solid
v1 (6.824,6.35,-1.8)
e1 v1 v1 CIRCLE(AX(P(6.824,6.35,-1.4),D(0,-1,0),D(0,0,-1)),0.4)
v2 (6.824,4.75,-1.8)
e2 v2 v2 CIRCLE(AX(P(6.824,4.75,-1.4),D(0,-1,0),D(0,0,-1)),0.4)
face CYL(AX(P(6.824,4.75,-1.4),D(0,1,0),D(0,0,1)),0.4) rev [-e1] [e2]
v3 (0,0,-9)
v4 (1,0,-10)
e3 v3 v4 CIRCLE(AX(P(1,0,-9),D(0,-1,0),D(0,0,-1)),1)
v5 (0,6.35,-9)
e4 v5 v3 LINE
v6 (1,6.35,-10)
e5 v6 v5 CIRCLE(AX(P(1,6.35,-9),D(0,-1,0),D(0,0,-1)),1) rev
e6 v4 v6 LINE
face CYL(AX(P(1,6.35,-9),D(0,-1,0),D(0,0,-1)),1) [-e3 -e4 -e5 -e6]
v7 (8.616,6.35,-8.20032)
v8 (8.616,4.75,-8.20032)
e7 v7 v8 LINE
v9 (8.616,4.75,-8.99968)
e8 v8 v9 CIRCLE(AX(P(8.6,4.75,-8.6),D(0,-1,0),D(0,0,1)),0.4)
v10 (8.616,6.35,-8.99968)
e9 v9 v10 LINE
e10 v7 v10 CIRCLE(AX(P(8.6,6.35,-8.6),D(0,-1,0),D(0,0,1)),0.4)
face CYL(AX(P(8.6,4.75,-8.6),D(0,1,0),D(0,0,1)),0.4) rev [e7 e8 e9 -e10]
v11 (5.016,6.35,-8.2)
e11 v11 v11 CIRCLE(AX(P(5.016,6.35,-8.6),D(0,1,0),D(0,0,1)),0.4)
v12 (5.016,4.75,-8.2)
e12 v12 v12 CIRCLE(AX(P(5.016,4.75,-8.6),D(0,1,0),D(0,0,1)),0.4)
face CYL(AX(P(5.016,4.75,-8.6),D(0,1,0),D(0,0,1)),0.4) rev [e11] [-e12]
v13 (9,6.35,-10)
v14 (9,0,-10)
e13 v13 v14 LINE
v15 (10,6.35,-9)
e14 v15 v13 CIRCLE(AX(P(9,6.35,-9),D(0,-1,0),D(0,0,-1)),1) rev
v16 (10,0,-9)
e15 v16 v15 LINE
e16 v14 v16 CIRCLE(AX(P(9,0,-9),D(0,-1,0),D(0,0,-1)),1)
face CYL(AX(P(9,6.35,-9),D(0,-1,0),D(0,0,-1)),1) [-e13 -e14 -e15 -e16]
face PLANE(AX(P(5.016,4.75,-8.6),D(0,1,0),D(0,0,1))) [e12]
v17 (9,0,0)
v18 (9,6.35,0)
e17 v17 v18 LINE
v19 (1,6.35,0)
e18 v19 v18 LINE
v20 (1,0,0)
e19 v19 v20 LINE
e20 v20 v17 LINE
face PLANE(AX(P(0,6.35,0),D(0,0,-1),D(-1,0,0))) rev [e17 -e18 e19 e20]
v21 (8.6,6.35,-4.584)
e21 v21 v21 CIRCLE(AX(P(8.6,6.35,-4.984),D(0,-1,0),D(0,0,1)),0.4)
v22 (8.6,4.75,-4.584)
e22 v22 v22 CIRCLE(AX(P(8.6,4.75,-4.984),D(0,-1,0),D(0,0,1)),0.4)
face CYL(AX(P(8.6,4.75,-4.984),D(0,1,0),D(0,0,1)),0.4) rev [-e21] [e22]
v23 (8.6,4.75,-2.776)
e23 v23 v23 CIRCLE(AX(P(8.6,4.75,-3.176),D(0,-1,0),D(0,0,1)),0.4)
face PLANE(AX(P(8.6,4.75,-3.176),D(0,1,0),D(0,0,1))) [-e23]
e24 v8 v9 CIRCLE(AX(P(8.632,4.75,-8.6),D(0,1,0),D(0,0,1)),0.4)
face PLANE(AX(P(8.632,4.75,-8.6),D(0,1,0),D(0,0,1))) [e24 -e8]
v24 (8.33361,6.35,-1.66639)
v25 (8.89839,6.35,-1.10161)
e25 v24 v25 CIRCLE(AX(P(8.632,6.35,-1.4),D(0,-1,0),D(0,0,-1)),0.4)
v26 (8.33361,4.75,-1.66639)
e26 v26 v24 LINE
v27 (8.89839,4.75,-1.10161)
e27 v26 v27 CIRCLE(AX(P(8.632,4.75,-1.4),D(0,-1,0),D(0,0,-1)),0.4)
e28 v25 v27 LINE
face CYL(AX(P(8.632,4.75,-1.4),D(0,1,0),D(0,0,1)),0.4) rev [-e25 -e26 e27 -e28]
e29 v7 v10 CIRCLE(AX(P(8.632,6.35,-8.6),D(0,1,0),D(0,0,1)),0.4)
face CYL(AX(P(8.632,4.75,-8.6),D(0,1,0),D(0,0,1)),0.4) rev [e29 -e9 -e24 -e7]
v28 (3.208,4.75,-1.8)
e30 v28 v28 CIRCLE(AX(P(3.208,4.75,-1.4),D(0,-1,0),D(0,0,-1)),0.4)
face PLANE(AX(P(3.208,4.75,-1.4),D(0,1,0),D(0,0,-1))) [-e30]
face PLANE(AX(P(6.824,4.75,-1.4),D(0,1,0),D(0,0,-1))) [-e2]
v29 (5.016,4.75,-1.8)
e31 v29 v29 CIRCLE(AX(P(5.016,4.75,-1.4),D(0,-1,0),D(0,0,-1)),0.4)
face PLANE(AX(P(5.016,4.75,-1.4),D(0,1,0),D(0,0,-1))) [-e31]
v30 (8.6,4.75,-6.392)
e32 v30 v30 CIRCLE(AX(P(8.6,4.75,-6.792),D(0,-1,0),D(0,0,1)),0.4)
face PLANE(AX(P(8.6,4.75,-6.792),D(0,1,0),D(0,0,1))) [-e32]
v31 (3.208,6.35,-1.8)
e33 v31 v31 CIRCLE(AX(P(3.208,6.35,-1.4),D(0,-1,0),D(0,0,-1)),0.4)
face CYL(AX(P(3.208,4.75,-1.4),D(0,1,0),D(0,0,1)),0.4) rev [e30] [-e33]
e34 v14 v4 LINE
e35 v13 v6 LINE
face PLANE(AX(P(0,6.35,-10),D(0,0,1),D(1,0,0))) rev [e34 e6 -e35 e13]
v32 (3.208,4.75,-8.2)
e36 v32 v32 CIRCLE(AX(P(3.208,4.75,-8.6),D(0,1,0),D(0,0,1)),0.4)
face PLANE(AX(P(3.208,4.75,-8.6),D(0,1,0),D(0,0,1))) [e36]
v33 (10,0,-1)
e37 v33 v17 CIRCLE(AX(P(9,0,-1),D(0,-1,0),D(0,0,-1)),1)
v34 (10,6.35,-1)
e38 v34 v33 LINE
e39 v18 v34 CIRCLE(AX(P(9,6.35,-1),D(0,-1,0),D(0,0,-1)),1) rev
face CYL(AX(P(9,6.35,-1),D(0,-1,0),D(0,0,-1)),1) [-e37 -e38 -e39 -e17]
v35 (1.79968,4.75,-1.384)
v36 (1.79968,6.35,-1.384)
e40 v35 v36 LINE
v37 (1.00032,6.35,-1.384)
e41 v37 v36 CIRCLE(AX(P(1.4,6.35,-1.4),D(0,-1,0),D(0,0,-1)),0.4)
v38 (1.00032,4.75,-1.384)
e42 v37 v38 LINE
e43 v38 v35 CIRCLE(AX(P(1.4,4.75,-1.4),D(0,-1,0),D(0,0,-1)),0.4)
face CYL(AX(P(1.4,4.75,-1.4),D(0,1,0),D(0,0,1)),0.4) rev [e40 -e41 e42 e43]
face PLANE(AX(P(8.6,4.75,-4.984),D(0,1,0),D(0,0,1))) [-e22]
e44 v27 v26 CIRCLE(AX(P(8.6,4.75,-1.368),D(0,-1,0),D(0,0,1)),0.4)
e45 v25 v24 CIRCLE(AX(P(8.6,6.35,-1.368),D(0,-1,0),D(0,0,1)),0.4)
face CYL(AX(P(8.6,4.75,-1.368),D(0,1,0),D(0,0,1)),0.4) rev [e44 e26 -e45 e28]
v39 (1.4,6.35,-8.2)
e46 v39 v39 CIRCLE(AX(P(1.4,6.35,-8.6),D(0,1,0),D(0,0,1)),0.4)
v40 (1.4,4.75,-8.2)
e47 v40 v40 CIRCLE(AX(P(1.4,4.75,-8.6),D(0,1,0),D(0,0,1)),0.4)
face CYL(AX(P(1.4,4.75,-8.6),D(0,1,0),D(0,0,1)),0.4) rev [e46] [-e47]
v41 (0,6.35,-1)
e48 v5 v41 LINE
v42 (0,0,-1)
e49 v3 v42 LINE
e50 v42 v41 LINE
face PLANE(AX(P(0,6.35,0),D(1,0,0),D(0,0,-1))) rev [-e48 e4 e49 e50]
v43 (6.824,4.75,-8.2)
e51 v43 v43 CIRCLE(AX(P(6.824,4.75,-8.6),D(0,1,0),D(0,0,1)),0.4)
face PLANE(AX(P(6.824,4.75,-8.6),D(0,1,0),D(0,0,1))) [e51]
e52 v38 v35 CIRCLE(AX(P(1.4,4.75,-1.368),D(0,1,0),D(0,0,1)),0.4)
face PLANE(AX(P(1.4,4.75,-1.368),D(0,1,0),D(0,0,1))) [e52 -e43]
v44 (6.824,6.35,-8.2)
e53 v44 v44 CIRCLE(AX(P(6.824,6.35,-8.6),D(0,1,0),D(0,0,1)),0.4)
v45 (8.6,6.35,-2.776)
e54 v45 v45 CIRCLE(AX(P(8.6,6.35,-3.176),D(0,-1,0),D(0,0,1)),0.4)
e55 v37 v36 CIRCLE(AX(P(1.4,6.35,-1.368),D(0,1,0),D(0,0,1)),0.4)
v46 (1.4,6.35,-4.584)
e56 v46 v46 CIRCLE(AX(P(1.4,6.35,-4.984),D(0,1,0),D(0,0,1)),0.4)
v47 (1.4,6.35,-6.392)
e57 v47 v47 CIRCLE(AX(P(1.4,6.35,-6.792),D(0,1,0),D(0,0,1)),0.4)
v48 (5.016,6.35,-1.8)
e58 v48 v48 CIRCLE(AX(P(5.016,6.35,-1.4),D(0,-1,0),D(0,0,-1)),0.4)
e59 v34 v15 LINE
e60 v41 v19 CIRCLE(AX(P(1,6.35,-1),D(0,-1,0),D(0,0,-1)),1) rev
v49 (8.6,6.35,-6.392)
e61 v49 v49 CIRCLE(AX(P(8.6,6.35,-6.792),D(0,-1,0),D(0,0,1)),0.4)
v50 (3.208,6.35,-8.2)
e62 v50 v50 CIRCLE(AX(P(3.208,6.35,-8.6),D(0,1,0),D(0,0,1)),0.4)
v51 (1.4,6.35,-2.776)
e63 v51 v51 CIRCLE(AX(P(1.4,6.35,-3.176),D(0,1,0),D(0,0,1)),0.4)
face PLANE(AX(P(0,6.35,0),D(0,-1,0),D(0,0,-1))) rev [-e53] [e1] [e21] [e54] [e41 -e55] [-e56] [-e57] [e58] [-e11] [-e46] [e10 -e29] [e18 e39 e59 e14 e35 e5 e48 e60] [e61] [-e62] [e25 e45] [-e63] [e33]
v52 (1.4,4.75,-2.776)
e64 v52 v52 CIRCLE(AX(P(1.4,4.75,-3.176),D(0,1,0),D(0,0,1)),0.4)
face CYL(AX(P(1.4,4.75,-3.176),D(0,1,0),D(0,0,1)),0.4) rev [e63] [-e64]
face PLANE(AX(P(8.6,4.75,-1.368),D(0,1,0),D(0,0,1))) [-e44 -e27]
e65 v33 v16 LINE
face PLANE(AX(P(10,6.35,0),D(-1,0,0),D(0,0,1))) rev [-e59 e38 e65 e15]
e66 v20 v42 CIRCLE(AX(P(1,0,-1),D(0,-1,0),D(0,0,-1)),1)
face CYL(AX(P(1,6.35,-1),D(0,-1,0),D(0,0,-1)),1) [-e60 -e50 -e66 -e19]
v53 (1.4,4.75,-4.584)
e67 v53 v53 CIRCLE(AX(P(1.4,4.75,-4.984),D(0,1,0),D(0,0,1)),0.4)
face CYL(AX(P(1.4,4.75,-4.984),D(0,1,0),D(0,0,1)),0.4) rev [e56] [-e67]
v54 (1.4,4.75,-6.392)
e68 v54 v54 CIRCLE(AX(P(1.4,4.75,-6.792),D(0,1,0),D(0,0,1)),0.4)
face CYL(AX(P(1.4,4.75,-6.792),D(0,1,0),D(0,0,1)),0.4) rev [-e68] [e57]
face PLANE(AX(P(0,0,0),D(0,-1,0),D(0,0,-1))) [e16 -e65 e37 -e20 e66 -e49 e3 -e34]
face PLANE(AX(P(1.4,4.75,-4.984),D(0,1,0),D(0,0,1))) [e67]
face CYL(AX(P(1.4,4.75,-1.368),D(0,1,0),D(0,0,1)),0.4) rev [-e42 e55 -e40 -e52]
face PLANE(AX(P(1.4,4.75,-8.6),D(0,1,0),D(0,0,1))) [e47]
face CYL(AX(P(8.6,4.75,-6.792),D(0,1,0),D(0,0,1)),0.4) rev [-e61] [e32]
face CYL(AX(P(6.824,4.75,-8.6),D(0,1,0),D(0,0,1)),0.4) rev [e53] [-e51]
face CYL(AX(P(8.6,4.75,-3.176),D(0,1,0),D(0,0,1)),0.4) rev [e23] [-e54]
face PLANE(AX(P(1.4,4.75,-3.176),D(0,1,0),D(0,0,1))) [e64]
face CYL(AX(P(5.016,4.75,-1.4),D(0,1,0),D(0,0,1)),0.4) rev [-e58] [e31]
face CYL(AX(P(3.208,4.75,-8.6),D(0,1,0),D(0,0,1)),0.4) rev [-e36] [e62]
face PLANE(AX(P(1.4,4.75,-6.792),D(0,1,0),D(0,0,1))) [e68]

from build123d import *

# Parameters (mm, degrees)
SKETCH1_W               = 10
SKETCH1_H               = 10
BOSS_EXTRUDE1_DEPTH     = 6.35
FILLET1_R               = 1
SKETCH2_R               = 0.4
CUT_EXTRUDE1_DEPTH      = 1.6
LPATTERN1_COUNT         = 5
LPATTERN1_PITCH         = 1.808
LPATTERN2_COUNT         = 5
LPATTERN2_PITCH         = 1.808
MIRROR2_COPY_1_SKETCH_R = 0.4
MIRROR2_COPY_1_DEPTH    = 1.6
MIRROR2_COPY_2_SKETCH_R = 0.4
MIRROR2_COPY_2_DEPTH    = 1.6
MIRROR2_COPY_3_SKETCH_R = 0.4
MIRROR2_COPY_3_DEPTH    = 1.6
MIRROR2_COPY_4_SKETCH_R = 0.4
MIRROR2_COPY_4_DEPTH    = 1.6
MIRROR3_COPY_1_SKETCH_R = 0.4
MIRROR3_COPY_1_DEPTH    = 1.6
MIRROR3_COPY_2_SKETCH_R = 0.4
MIRROR3_COPY_2_DEPTH    = 1.6
MIRROR3_COPY_3_SKETCH_R = 0.4
MIRROR3_COPY_3_DEPTH    = 1.6
MIRROR3_COPY_4_SKETCH_R = 0.4
MIRROR3_COPY_4_DEPTH    = 1.6


with BuildPart() as part:
    # Sketch1 → Boss-Extrude1 (new body)
    with BuildSketch(Plane(origin=(0, 0, 0), x_dir=(1, 0, 0), z_dir=(0, 1, 0))):
        with Locations((5, 5)):
            Rectangle(SKETCH1_W, SKETCH1_H)
    extrude(amount=BOSS_EXTRUDE1_DEPTH)

    # Fillet1
    fillet1_edges = [part.edges().sort_by_distance(p)[0] for p in [
        (0, 3.175, -10),
        (10, 3.175, -10),
        (10, 3.175, 0),
        (0, 3.175, 0),
    ]]
    fillet(fillet1_edges, radius=FILLET1_R)

    # Sketch2 → Cut-Extrude1 (cut)
    with BuildSketch(Plane(origin=(0, 6.35, 0), x_dir=(1, 0, 0), z_dir=(0, 1, 0))):
        with Locations((1.4, 8.6)):
            Circle(SKETCH2_R)
    cut_extrude1 = extrude(amount=-CUT_EXTRUDE1_DEPTH, mode=Mode.SUBTRACT)

    # LPattern1: Cut-Extrude1 ×5
    with Locations(*[(i * LPATTERN1_PITCH, 0, 0) for i in range(1, LPATTERN1_COUNT)]):
        add(cut_extrude1, mode=Mode.SUBTRACT)

    # LPattern2: Cut-Extrude1 ×5
    with Locations(*[(0, 0, i * LPATTERN2_PITCH) for i in range(1, LPATTERN2_COUNT)]):
        add(cut_extrude1, mode=Mode.SUBTRACT)

    # Mirror2: Cut-Extrude1 across plane
    add(cut_extrude1.mirror(Plane.ZY.offset(-5)), mode=Mode.SUBTRACT)

    # Mirror2 copy 1 sketch → Mirror2 copy 1 (cut)
    with BuildSketch(Plane(origin=(10, 6.35, 1.808), x_dir=(-1, 0, 0), z_dir=(0, 1, 0))):
        with Locations((1.4, -8.6)):
            Circle(MIRROR2_COPY_1_SKETCH_R)
    extrude(amount=-MIRROR2_COPY_1_DEPTH, mode=Mode.SUBTRACT)

    # Mirror2 copy 2 sketch → Mirror2 copy 2 (cut)
    with BuildSketch(Plane(origin=(10, 6.35, 3.616), x_dir=(-1, 0, 0), z_dir=(0, 1, 0))):
        with Locations((1.4, -8.6)):
            Circle(MIRROR2_COPY_2_SKETCH_R)
    extrude(amount=-MIRROR2_COPY_2_DEPTH, mode=Mode.SUBTRACT)

    # Mirror2 copy 3 sketch → Mirror2 copy 3 (cut)
    with BuildSketch(Plane(origin=(10, 6.35, 5.424), x_dir=(-1, 0, 0), z_dir=(0, 1, 0))):
        with Locations((1.4, -8.6)):
            Circle(MIRROR2_COPY_3_SKETCH_R)
    extrude(amount=-MIRROR2_COPY_3_DEPTH, mode=Mode.SUBTRACT)

    # Mirror2 copy 4 sketch → Mirror2 copy 4 (cut)
    with BuildSketch(Plane(origin=(10, 6.35, 7.232), x_dir=(-1, 0, 0), z_dir=(0, 1, 0))):
        with Locations((1.4, -8.6)):
            Circle(MIRROR2_COPY_4_SKETCH_R)
    extrude(amount=-MIRROR2_COPY_4_DEPTH, mode=Mode.SUBTRACT)

    # Mirror3: Cut-Extrude1 across plane
    add(cut_extrude1.mirror(Plane(origin=(0, 0, -5), x_dir=(1, 0, 0), z_dir=(0, 0, -1))), mode=Mode.SUBTRACT)

    # Mirror3 copy 1 sketch → Mirror3 copy 1 (cut)
    with BuildSketch(Plane(origin=(1.808, 6.35, -10), x_dir=(1, 0, 0), z_dir=(0, 1, 0))):
        with Locations((1.4, -8.6)):
            Circle(MIRROR3_COPY_1_SKETCH_R)
    extrude(amount=-MIRROR3_COPY_1_DEPTH, mode=Mode.SUBTRACT)

    # Mirror3 copy 2 sketch → Mirror3 copy 2 (cut)
    with BuildSketch(Plane(origin=(3.616, 6.35, -10), x_dir=(1, 0, 0), z_dir=(0, 1, 0))):
        with Locations((1.4, -8.6)):
            Circle(MIRROR3_COPY_2_SKETCH_R)
    extrude(amount=-MIRROR3_COPY_2_DEPTH, mode=Mode.SUBTRACT)

    # Mirror3 copy 3 sketch → Mirror3 copy 3 (cut)
    with BuildSketch(Plane(origin=(5.424, 6.35, -10), x_dir=(1, 0, 0), z_dir=(0, 1, 0))):
        with Locations((1.4, -8.6)):
            Circle(MIRROR3_COPY_3_SKETCH_R)
    extrude(amount=-MIRROR3_COPY_3_DEPTH, mode=Mode.SUBTRACT)

    # Mirror3 copy 4 sketch → Mirror3 copy 4 (cut)
    with BuildSketch(Plane(origin=(7.232, 6.35, -10), x_dir=(1, 0, 0), z_dir=(0, 1, 0))):
        with Locations((1.4, -8.6)):
            Circle(MIRROR3_COPY_4_SKETCH_R)
    extrude(amount=-MIRROR3_COPY_4_DEPTH, mode=Mode.SUBTRACT)


solid = part.part
